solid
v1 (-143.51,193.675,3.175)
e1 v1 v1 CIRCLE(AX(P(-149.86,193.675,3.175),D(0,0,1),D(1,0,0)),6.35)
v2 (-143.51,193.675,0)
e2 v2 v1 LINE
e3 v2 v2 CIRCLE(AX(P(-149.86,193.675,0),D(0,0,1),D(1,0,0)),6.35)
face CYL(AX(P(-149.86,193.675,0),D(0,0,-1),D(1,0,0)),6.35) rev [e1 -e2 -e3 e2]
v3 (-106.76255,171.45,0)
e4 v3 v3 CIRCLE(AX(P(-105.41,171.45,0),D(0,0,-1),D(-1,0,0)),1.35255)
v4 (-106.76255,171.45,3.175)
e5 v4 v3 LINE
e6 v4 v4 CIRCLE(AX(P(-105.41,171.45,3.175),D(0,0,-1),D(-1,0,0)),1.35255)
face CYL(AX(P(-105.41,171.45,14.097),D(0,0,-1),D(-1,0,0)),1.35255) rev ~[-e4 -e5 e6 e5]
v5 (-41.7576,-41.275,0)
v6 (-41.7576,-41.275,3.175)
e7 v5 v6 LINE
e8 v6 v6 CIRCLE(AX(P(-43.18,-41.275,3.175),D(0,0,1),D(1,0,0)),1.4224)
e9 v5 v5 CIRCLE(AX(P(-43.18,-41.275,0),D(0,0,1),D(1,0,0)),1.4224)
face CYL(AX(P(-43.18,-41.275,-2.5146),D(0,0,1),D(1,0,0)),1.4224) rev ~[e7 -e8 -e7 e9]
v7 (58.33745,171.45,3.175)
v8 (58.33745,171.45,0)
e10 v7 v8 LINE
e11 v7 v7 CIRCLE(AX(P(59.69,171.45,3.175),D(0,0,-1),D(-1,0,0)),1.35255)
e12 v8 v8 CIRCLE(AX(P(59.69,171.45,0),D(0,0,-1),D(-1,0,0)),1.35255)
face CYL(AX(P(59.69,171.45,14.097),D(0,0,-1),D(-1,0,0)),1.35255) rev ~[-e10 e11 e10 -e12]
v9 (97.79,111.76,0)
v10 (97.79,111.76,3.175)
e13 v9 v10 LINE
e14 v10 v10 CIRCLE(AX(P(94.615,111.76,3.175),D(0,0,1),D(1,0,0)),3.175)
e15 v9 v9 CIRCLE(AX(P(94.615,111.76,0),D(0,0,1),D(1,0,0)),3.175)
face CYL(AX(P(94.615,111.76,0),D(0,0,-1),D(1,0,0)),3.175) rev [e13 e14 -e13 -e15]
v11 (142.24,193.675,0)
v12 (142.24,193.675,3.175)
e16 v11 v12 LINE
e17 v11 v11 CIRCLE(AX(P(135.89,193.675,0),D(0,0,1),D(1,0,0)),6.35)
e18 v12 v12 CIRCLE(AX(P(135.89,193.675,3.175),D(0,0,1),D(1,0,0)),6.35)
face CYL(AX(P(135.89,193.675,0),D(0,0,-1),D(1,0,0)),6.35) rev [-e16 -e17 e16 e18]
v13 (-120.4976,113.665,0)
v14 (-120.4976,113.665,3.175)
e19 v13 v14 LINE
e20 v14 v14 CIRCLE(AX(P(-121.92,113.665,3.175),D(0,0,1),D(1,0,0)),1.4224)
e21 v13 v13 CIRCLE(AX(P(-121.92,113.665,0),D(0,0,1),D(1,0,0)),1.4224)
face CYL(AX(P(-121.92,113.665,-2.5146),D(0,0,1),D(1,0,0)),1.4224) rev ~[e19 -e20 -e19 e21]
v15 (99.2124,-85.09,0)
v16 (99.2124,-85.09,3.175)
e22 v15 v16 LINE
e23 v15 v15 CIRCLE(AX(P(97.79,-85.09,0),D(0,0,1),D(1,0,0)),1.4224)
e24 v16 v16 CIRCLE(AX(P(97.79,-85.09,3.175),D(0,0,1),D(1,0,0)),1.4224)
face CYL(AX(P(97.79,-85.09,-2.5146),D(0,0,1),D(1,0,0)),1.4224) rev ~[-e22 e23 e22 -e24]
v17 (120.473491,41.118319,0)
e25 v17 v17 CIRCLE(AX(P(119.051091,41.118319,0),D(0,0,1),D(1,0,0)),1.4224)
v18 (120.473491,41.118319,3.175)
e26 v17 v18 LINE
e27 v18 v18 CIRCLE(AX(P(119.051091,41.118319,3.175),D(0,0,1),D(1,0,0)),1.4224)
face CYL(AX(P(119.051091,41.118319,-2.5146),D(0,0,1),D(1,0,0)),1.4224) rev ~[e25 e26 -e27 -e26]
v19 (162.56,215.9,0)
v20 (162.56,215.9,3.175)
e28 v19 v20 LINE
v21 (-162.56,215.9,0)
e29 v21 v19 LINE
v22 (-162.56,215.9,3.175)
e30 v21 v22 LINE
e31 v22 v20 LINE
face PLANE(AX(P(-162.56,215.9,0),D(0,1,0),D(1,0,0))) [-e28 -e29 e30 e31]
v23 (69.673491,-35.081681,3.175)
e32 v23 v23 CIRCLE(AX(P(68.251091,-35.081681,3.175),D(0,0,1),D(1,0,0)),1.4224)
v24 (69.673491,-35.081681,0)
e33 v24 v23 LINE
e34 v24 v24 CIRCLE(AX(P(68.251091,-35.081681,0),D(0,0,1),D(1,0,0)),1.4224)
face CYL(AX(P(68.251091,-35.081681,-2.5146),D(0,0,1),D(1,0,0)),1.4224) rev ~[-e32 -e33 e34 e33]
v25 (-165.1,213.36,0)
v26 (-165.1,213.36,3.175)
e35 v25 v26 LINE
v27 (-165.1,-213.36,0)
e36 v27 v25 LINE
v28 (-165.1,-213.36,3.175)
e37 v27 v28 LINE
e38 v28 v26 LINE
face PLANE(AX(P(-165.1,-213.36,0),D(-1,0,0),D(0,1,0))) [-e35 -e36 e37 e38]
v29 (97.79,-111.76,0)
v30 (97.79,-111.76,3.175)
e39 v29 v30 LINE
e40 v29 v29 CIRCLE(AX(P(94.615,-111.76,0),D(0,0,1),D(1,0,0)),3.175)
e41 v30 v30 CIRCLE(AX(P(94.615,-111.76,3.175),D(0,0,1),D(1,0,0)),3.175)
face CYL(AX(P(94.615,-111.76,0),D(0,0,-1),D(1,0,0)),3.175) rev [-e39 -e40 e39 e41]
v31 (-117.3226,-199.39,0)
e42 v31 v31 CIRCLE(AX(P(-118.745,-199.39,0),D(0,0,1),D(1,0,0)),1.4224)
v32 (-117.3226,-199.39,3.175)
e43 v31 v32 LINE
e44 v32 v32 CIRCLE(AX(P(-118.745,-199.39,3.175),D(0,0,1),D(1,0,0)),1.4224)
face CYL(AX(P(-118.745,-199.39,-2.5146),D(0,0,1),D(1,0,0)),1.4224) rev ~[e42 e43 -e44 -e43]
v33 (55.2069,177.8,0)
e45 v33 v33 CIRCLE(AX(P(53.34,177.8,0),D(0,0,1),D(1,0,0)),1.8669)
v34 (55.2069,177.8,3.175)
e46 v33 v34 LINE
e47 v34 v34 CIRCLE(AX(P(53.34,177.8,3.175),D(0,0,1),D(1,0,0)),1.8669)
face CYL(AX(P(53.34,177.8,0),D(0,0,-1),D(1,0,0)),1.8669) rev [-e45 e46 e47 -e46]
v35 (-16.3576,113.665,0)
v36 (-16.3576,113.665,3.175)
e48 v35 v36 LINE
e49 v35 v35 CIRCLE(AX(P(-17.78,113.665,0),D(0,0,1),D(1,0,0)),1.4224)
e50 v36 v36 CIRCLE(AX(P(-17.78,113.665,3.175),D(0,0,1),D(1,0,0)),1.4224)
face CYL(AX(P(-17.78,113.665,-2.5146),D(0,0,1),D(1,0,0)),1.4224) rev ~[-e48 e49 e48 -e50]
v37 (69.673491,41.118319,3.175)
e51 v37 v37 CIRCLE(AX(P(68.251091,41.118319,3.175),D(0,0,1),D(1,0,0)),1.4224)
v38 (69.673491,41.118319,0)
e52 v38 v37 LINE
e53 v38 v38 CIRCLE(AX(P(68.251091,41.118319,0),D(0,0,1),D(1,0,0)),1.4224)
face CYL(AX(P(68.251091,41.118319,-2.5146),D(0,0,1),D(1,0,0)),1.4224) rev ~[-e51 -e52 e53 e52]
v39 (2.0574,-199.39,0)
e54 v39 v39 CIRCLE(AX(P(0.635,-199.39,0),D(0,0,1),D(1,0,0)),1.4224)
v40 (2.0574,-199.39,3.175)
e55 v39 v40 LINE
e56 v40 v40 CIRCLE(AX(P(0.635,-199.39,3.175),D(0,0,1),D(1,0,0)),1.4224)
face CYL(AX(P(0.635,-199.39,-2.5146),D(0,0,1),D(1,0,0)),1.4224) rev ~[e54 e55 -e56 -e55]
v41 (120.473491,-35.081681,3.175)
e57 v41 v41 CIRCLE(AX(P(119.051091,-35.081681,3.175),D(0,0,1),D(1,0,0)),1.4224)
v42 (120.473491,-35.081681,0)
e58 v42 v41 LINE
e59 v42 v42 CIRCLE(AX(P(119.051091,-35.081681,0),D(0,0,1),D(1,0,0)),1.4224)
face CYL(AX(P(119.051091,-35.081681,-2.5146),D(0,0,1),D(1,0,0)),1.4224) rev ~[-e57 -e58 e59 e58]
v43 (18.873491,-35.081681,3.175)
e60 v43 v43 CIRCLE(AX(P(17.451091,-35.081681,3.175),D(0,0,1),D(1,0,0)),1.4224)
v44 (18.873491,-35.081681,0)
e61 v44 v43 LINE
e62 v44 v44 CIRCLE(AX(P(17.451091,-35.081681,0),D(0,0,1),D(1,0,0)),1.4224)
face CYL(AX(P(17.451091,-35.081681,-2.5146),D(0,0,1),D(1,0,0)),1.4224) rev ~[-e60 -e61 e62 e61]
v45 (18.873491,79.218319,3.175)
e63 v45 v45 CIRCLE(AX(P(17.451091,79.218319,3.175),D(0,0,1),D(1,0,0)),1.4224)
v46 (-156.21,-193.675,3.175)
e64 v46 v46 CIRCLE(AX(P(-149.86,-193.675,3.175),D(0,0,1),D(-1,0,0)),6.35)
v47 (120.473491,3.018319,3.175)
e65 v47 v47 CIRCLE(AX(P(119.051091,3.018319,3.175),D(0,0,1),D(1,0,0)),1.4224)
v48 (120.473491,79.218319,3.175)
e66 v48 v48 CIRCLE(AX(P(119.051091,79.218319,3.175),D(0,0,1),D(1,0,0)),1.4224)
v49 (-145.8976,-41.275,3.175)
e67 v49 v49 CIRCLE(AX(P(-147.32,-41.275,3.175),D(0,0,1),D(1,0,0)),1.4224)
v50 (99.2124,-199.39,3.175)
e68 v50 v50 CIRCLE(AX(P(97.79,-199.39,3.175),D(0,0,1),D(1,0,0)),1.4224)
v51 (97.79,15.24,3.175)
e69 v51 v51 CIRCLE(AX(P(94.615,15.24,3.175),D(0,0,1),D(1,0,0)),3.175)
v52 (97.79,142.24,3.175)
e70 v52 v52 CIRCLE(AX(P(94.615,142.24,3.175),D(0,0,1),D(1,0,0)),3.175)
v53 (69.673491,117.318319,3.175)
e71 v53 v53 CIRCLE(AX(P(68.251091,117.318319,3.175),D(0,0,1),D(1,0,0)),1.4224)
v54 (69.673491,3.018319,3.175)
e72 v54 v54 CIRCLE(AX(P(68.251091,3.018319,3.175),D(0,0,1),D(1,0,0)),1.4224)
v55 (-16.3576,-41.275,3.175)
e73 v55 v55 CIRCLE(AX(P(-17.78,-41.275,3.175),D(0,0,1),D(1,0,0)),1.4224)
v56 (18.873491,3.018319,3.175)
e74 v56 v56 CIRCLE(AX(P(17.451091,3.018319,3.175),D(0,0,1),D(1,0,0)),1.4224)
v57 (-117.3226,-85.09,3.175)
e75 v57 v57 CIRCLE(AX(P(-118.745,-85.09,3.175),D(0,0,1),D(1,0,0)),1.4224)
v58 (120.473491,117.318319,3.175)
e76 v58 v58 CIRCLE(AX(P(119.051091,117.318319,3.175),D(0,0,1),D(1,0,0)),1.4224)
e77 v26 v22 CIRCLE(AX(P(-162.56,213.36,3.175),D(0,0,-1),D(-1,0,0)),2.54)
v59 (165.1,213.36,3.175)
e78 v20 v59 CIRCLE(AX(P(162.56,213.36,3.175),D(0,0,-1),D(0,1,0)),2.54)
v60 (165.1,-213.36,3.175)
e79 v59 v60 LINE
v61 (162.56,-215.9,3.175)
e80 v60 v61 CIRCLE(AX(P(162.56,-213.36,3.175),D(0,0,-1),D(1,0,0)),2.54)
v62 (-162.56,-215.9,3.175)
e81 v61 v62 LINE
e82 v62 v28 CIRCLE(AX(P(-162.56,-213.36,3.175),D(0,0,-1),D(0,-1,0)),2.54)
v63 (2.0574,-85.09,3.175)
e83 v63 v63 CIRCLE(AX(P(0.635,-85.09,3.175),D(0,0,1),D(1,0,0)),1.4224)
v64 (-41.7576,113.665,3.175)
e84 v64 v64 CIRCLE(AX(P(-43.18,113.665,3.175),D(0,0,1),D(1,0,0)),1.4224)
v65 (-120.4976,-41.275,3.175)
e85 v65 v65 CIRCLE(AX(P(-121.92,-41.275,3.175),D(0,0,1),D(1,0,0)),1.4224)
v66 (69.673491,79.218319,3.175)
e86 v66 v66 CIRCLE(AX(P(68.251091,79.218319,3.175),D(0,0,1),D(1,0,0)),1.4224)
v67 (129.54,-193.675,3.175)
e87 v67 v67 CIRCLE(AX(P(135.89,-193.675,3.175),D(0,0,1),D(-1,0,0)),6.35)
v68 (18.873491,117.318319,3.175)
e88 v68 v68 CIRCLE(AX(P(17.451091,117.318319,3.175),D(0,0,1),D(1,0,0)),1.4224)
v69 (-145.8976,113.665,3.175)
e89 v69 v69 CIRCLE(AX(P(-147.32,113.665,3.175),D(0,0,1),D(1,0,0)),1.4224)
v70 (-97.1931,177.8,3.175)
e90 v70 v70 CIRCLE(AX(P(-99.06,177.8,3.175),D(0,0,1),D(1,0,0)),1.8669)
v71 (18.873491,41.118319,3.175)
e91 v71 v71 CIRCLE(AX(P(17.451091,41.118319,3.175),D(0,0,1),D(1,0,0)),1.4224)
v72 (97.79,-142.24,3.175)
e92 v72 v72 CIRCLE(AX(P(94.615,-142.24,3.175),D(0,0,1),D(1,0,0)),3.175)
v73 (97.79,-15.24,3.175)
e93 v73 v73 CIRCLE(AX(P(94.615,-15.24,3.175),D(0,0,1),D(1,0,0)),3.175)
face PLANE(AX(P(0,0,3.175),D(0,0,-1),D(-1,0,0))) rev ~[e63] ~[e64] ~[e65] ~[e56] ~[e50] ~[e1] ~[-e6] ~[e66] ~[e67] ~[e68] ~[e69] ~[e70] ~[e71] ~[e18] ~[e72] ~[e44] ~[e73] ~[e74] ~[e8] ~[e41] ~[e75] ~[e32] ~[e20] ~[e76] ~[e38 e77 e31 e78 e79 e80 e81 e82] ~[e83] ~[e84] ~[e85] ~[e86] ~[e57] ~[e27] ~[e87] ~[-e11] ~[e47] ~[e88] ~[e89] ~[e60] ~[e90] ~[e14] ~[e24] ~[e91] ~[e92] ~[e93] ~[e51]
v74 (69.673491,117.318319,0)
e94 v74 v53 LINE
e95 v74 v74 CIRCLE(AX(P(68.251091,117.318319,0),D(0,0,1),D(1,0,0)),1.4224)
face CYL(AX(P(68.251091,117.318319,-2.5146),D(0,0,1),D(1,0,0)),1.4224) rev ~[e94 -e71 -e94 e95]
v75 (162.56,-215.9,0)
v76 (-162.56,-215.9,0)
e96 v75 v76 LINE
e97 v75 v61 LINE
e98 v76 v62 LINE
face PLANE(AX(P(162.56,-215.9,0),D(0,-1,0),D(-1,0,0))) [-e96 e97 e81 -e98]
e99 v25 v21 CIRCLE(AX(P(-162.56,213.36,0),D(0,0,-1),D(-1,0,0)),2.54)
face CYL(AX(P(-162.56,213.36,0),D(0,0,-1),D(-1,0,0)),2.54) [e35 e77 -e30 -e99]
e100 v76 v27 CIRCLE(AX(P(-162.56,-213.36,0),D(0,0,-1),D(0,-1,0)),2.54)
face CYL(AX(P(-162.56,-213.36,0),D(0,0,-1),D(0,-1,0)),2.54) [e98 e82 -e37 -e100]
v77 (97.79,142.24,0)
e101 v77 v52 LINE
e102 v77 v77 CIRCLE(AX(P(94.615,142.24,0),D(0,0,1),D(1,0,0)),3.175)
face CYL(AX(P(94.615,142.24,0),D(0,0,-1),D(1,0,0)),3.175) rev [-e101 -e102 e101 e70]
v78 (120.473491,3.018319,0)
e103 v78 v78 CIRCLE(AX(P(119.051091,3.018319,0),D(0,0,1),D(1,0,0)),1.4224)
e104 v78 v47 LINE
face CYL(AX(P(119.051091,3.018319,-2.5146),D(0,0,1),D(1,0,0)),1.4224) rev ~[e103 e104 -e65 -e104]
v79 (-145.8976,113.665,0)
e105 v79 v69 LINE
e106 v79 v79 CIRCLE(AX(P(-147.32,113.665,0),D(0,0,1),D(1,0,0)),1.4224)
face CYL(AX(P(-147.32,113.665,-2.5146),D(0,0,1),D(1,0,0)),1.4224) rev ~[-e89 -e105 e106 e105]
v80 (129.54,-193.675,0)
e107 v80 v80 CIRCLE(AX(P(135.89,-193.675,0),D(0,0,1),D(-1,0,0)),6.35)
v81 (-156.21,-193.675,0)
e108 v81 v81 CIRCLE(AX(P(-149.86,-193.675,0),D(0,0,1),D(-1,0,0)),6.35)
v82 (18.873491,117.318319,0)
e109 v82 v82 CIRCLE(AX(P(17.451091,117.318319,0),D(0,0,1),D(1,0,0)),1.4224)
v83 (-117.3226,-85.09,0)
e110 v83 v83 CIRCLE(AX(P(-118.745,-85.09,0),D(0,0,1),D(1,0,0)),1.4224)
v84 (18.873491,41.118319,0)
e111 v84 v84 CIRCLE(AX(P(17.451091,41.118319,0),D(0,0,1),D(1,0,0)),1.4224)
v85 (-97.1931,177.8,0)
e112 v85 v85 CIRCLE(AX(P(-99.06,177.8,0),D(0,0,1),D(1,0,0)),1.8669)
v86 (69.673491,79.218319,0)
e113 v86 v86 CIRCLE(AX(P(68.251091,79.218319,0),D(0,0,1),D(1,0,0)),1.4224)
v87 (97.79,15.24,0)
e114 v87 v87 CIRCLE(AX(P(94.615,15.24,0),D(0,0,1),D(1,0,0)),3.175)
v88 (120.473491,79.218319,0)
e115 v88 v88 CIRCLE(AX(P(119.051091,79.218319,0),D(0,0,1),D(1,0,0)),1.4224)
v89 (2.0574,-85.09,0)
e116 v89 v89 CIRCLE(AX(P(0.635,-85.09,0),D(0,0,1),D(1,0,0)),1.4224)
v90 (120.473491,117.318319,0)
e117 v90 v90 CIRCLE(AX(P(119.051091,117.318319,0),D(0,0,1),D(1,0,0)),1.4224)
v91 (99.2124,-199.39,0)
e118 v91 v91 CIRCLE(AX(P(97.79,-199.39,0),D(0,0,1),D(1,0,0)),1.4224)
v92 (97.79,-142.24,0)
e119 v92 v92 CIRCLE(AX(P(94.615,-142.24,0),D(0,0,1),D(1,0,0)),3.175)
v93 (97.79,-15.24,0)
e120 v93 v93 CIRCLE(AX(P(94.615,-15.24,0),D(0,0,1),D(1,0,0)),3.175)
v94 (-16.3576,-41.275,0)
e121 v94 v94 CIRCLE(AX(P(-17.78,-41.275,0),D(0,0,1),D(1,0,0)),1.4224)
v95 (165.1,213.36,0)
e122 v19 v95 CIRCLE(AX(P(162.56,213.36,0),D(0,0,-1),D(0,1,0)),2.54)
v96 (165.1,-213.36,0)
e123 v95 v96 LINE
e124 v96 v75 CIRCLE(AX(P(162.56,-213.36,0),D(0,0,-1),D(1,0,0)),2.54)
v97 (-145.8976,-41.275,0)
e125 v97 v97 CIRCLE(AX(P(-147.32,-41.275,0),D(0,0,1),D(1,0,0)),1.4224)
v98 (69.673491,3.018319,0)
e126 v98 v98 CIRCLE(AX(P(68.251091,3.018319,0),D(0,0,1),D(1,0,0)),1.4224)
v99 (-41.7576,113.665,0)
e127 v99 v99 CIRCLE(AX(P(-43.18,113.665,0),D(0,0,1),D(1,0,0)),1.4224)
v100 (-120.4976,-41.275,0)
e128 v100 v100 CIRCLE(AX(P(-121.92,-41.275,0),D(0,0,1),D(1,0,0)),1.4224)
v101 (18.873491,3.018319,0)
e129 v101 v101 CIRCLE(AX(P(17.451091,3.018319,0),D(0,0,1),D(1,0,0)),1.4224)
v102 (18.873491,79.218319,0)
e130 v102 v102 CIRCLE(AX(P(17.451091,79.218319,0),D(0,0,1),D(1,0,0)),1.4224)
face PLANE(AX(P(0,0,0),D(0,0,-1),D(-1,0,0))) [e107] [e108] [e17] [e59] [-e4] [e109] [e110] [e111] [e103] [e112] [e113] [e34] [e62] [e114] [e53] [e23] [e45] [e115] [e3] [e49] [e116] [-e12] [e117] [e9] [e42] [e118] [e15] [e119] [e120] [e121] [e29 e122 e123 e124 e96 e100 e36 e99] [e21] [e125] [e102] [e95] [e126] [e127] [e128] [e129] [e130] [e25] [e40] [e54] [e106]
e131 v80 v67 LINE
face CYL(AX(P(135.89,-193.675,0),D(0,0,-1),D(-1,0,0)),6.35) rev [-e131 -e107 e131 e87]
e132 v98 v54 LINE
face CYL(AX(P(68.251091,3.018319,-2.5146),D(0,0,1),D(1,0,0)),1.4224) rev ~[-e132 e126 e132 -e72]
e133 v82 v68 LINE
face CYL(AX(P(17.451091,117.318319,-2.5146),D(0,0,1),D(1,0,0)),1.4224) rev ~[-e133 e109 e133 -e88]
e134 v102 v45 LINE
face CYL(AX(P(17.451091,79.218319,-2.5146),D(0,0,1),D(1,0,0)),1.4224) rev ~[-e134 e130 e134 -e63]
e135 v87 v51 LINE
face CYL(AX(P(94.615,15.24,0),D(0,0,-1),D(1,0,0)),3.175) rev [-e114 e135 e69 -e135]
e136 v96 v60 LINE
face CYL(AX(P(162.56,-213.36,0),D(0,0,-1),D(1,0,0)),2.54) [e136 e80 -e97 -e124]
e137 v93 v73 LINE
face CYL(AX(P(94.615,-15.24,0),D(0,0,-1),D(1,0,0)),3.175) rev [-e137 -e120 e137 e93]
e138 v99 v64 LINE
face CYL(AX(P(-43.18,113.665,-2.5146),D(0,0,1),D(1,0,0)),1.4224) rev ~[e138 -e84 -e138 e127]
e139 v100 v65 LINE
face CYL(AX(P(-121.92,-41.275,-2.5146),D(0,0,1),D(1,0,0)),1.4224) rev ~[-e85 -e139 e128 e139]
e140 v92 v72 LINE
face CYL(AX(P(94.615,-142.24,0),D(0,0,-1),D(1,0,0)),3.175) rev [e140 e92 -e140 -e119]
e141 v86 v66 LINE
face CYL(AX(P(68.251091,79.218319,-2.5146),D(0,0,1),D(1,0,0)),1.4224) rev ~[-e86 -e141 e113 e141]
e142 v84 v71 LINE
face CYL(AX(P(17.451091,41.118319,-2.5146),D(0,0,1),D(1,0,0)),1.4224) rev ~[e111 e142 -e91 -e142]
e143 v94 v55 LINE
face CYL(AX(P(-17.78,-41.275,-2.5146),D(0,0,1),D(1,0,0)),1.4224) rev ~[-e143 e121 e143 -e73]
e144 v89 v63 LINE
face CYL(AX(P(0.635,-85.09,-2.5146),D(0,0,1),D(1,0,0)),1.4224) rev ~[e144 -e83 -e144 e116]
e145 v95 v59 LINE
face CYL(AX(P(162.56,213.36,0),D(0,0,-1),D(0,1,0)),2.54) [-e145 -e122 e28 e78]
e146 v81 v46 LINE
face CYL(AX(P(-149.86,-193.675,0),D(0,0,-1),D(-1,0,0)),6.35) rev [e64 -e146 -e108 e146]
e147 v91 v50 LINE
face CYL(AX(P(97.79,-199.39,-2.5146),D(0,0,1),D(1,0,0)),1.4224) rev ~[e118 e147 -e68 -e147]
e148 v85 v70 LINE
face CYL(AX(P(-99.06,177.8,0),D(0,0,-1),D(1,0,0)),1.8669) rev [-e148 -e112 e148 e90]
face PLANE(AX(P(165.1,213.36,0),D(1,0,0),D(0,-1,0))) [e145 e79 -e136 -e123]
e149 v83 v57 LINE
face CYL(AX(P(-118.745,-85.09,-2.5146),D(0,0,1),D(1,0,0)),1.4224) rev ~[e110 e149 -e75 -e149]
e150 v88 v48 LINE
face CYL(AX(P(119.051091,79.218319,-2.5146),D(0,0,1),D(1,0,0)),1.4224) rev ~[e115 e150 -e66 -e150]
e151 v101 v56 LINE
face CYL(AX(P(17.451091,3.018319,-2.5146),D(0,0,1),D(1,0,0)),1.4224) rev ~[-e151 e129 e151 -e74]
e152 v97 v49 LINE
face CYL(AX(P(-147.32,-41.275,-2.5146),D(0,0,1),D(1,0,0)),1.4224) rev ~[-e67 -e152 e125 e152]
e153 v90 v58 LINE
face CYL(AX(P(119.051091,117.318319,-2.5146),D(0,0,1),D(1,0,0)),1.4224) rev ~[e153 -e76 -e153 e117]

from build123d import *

# Parameters (mm, degrees)
SKETCH1_R                       = 6.35
SKETCH1_R_2                     = 3.175
SKETCH1_R_3                     = 1.8669
EXTRUDE1_DEPTH                  = 3.175
F_4_40_TAPPED_HOLE1_D           = 2.2606
F_4_40_TAPPED_HOLE1_DEPTH       = 8.8646
F_4_40_TAPPED_HOLE1_CBORE_D     = 2.8448
F_4_40_TAPPED_HOLE1_CBORE_DEPTH = 5.6896
F_4_40_TAPPED_HOLE1_TIP         = 0.679152758
F_6_32_TAPPED_HOLE1_D           = 2.7051
F_6_32_TAPPED_HOLE1_DEPTH       = 10.922
F_6_32_TAPPED_HOLE1_TIP         = 0.81269403


with BuildPart() as part:
    # Sketch1 → Extrude1 (new body)
    with BuildSketch(Plane.XY):
        with BuildLine():
            Line((-162.56, 215.9), (162.56, 215.9))
            ThreePointArc((162.56, 215.9), (164.356051224, 215.156051224), (165.1, 213.36))
            Line((165.1, 213.36), (165.1, -213.36))
            ThreePointArc((165.1, -213.36), (164.356051224, -215.156051224), (162.56, -215.9))
            Line((162.56, -215.9), (-162.56, -215.9))
            ThreePointArc((-162.56, -215.9), (-164.356051224, -215.156051224), (-165.1, -213.36))
            Line((-165.1, -213.36), (-165.1, 213.36))
            ThreePointArc((-165.1, 213.36), (-164.356051224, 215.156051224), (-162.56, 215.9))
        make_face()
        with Locations((-149.86, 193.675)):
            Circle(SKETCH1_R, mode=Mode.SUBTRACT)
        with Locations((135.89, 193.675)):
            Circle(SKETCH1_R, mode=Mode.SUBTRACT)
        with Locations(Location((135.89, -193.675, 0), (0, 0, 180))):
            Circle(SKETCH1_R, mode=Mode.SUBTRACT)
        with Locations(Location((-149.86, -193.675, 0), (0, 0, 180))):
            Circle(SKETCH1_R, mode=Mode.SUBTRACT)
        with Locations((94.615, 142.24)):
            Circle(SKETCH1_R_2, mode=Mode.SUBTRACT)
        with Locations((94.615, 111.76)):
            Circle(SKETCH1_R_2, mode=Mode.SUBTRACT)
        with Locations((94.615, -15.24)):
            Circle(SKETCH1_R_2, mode=Mode.SUBTRACT)
        with Locations((94.615, 15.24)):
            Circle(SKETCH1_R_2, mode=Mode.SUBTRACT)
        with Locations((94.615, -142.24)):
            Circle(SKETCH1_R_2, mode=Mode.SUBTRACT)
        with Locations((94.615, -111.76)):
            Circle(SKETCH1_R_2, mode=Mode.SUBTRACT)
        with Locations((53.34, 177.8)):
            Circle(SKETCH1_R_3, mode=Mode.SUBTRACT)
        with Locations((-99.06, 177.8)):
            Circle(SKETCH1_R_3, mode=Mode.SUBTRACT)
    extrude(amount=EXTRUDE1_DEPTH)

    # #4-40 Tapped Hole1
    with Locations(Plane.XY.offset(3.175)):
        with Locations((-147.32, 113.665), (-43.18, 113.665), (-43.18, -41.275), (-147.32, -41.275), (-118.745, -85.09), (0.635, -85.09), (97.79, -85.09), (97.79, -199.39), (0.635, -199.39), (-118.745, -199.39), (-121.92, 113.665), (-17.78, 113.665), (-17.78, -41.275), (-121.92, -41.275), (17.451090556, 117.318318975), (68.251090556, 117.318318975), (119.051090556, 117.318318975), (17.451090556, 79.218318975), (17.451090556, 41.118318975), (68.251090556, 79.218318975), (119.051090556, 79.218318975), (119.051090556, 41.118318975), (68.251090556, 41.118318975), (17.451090556, 3.018318975), (68.251090556, 3.018318975), (119.051090556, 3.018318975), (119.051090556, -35.081681025), (68.251090556, -35.081681025), (17.451090556, -35.081681025)):
            CounterBoreHole(F_4_40_TAPPED_HOLE1_D / 2, F_4_40_TAPPED_HOLE1_CBORE_D / 2, F_4_40_TAPPED_HOLE1_CBORE_DEPTH, depth=F_4_40_TAPPED_HOLE1_DEPTH)
            with Locations((0, 0, -(F_4_40_TAPPED_HOLE1_DEPTH + F_4_40_TAPPED_HOLE1_TIP / 2))):  # 118° drill point
                Cone(0, F_4_40_TAPPED_HOLE1_D / 2, F_4_40_TAPPED_HOLE1_TIP, mode=Mode.SUBTRACT)

    # #6-32 Tapped Hole1
    with Locations(Plane.XY.offset(3.175)):
        with Locations((59.69, 171.45), (-105.41, 171.45)):
            Hole(F_6_32_TAPPED_HOLE1_D / 2, depth=F_6_32_TAPPED_HOLE1_DEPTH)
            with Locations((0, 0, -(F_6_32_TAPPED_HOLE1_DEPTH + F_6_32_TAPPED_HOLE1_TIP / 2))):  # 118° drill point
                Cone(0, F_6_32_TAPPED_HOLE1_D / 2, F_6_32_TAPPED_HOLE1_TIP, mode=Mode.SUBTRACT)


solid = part.part
